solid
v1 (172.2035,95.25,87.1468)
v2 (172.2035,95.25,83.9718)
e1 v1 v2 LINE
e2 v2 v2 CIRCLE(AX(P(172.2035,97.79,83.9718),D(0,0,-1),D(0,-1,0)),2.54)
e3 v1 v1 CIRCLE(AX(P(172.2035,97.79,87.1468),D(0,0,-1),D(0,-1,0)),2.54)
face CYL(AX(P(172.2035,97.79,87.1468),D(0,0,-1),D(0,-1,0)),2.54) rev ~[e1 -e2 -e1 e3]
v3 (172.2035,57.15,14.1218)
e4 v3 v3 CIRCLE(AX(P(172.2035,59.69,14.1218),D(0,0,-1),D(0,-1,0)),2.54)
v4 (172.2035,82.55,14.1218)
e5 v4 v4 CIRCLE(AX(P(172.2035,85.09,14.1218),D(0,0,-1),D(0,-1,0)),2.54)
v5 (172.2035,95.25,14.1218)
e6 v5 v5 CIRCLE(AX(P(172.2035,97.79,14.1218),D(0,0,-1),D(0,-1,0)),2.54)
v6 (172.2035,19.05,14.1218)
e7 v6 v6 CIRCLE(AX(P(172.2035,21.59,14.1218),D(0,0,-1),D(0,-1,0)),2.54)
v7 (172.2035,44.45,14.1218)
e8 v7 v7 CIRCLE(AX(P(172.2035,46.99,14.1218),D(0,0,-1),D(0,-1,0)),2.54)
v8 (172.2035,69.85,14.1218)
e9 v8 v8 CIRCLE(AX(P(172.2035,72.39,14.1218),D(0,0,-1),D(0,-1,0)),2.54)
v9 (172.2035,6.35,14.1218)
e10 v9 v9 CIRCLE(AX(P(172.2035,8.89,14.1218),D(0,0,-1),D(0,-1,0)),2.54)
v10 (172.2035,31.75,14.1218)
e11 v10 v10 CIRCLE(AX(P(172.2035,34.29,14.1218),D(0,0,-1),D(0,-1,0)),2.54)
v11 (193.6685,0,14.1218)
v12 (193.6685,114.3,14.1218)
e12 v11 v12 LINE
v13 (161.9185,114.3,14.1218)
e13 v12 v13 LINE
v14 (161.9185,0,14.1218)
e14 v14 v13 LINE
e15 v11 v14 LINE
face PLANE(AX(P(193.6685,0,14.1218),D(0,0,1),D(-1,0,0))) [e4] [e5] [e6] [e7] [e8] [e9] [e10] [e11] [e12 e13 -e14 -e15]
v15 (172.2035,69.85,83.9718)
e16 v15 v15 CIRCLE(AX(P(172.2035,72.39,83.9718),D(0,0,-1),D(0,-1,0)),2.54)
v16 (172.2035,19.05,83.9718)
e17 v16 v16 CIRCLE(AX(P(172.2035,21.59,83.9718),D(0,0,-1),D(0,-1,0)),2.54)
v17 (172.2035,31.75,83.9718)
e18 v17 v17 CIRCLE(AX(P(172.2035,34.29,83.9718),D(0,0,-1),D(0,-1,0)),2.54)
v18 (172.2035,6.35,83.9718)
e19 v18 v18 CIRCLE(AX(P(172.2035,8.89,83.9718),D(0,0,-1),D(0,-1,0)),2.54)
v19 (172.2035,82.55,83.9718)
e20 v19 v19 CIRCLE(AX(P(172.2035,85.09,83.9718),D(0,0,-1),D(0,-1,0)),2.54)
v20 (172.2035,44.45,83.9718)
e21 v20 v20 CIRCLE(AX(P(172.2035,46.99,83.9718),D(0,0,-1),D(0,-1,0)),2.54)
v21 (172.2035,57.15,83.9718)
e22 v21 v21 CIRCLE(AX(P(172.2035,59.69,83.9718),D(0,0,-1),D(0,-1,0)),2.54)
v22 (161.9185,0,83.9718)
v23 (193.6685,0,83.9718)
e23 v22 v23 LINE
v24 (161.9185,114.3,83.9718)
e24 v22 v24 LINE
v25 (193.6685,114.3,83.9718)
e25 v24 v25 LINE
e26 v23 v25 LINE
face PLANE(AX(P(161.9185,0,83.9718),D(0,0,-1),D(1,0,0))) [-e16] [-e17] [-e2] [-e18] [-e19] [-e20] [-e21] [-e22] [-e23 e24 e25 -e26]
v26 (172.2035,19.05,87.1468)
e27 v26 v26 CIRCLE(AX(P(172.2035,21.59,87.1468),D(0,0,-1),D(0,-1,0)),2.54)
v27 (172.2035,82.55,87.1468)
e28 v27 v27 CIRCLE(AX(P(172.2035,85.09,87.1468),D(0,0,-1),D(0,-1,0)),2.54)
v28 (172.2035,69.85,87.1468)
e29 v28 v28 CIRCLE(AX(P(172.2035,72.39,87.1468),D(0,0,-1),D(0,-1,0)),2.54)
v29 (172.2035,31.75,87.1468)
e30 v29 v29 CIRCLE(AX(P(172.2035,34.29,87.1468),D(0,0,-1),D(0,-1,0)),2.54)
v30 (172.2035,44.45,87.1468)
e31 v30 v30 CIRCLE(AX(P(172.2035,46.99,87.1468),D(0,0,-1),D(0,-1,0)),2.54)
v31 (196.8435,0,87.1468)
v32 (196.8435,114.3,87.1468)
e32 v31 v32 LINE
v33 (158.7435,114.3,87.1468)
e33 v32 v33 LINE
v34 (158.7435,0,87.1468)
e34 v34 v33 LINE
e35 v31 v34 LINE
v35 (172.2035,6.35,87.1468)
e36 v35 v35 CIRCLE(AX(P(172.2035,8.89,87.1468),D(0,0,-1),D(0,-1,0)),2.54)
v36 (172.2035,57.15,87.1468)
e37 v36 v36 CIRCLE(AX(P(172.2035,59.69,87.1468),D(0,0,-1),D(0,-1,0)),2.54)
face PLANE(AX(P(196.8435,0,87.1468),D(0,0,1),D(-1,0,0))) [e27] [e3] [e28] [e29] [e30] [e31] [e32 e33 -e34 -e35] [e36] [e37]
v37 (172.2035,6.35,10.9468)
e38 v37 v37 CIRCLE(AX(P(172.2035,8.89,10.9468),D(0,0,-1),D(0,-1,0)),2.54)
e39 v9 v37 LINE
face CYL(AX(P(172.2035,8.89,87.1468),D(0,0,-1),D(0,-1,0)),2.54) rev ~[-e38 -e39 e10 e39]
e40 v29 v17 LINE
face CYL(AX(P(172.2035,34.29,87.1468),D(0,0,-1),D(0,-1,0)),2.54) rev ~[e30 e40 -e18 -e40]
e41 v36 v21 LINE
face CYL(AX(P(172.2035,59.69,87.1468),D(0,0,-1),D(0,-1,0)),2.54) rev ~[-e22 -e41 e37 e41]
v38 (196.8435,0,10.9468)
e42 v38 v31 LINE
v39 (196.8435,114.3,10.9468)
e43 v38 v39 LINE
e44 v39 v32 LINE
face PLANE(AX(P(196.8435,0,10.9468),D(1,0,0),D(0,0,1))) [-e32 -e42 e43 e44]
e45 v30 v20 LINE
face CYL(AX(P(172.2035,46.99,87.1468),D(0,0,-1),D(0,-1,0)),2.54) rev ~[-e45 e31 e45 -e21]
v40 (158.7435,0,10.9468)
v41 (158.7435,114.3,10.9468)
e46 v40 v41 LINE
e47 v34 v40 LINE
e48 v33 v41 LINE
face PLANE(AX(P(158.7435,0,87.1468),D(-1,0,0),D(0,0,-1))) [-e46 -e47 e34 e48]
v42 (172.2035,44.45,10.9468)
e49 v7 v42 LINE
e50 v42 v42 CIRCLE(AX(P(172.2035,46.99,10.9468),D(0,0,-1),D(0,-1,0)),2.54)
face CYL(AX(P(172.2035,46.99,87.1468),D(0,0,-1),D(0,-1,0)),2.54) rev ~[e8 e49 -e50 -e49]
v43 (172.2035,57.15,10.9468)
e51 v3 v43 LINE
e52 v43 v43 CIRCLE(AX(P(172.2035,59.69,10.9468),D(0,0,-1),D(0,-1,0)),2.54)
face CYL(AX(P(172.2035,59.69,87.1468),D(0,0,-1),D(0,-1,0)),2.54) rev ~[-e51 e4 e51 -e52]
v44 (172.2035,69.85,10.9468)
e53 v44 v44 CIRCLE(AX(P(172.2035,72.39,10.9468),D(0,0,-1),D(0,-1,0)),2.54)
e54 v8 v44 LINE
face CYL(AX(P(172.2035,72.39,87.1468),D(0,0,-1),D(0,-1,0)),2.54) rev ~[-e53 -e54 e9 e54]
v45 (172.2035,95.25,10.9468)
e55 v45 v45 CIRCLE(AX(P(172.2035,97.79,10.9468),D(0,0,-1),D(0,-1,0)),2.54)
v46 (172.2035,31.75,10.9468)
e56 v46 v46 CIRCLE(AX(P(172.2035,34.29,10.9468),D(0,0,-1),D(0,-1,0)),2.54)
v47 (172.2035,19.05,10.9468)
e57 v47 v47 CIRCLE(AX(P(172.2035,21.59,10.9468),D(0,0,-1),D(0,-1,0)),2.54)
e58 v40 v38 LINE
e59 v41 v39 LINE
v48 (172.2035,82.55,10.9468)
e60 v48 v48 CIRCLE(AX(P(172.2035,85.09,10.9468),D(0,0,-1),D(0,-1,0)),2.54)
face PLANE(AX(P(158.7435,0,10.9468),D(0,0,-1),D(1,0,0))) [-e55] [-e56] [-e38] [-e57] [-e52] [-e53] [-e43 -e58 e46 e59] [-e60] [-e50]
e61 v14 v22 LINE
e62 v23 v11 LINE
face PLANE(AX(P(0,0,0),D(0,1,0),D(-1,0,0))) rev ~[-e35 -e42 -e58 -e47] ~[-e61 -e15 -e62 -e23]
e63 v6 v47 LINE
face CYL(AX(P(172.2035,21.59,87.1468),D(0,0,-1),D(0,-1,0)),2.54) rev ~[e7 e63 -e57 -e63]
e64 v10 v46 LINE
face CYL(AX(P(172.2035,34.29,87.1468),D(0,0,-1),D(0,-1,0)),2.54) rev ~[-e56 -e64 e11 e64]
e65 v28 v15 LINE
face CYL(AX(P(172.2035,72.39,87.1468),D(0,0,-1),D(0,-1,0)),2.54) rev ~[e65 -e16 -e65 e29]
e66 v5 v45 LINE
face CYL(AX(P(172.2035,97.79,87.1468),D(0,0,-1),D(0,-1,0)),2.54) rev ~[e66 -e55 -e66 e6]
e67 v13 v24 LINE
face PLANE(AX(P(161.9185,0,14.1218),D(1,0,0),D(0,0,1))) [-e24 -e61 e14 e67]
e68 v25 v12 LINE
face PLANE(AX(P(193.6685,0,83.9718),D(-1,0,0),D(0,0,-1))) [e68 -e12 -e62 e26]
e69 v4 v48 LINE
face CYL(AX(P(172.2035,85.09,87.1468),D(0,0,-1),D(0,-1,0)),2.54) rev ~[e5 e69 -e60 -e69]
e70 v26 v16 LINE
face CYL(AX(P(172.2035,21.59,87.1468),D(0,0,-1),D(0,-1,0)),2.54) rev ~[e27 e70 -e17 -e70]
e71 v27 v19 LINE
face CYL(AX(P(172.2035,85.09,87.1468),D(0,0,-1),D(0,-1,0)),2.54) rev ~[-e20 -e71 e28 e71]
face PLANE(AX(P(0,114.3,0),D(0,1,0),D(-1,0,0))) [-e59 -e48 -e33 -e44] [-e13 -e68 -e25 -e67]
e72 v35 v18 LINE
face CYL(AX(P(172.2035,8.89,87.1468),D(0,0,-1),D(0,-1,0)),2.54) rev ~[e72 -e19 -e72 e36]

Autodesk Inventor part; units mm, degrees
ref_plane "YZ Plane" through (0, 0, 0) normal (1, 0, 0) x (0, 1, 0)
ref_plane "XZ Plane" through (0, 0, 0) normal (0, 1, 0) x (-1, 0, 0)
ref_plane "XY Plane" through (0, 0, 0) normal (0, 0, 1) x (1, 0, 0)
sketch "Sketch1" plane through (0, 0, 0) normal (0, 1, 0) x (-1, 0, 0)
  line L0 (-158.7435, 10.9468) -> (-196.8435, 10.9468)
  line L1 (-196.8435, 10.9468) -> (-196.8435, 87.1468)
  line L2 (-196.8435, 87.1468) -> (-158.7435, 87.1468)
  line L3 (-158.7435, 87.1468) -> (-158.7435, 10.9468)
  line L4 (-161.9185, 83.9718) -> (-193.6685, 83.9718)
  line L5 (-193.6685, 83.9718) -> (-193.6685, 14.1218)
  line L6 (-193.6685, 14.1218) -> (-161.9185, 14.1218)
  line L7 (-161.9185, 14.1218) -> (-161.9185, 83.9718)
  point P0 (0, 0)
  dimension "d0" = 76.2
  dimension "d1" = 38.1
  dimension "d2" = 3.175
extrude "Extrusion1" add sketch "Sketch1" along normal blind 114.3
sketch "Sketch2" plane through (158.7435, 0, 87.1468) normal (0, 0, 1) x (1, 0, 0)
  line L0 (0, 0) -> (0, 114.3) projected
  line L1 (38.1, 0) -> (0, 0) projected
  point P0 (-158.7435, 0)
  point P1 (13.46, 8.89)
  point P2 (13.46, 21.59)
  point P3 (13.46, 34.29)
  point P4 (13.46, 46.99)
  point P5 (13.46, 59.69)
  point P6 (13.46, 72.39)
  point P7 (13.46, 85.09)
  point P8 (13.46, 97.79)
  dimension "d5" = 13.46
  dimension "d6" = 8.89
  dimension "d9" = 12.7
hole "Hole1" at (172.2035, 8.89, 87.1468) at (172.2035, 21.59, 87.1468) at (172.2035, 34.29, 87.1468) at (172.2035, 46.99, 87.1468) at (172.2035, 59.69, 87.1468) at (172.2035, 72.39, 87.1468) at (172.2035, 85.09, 87.1468) at (172.2035, 97.79, 87.1468) direction (0, 0, -1) diameter 5.08 end through all
properties part number "2018 Scissor Standoff Iner"
